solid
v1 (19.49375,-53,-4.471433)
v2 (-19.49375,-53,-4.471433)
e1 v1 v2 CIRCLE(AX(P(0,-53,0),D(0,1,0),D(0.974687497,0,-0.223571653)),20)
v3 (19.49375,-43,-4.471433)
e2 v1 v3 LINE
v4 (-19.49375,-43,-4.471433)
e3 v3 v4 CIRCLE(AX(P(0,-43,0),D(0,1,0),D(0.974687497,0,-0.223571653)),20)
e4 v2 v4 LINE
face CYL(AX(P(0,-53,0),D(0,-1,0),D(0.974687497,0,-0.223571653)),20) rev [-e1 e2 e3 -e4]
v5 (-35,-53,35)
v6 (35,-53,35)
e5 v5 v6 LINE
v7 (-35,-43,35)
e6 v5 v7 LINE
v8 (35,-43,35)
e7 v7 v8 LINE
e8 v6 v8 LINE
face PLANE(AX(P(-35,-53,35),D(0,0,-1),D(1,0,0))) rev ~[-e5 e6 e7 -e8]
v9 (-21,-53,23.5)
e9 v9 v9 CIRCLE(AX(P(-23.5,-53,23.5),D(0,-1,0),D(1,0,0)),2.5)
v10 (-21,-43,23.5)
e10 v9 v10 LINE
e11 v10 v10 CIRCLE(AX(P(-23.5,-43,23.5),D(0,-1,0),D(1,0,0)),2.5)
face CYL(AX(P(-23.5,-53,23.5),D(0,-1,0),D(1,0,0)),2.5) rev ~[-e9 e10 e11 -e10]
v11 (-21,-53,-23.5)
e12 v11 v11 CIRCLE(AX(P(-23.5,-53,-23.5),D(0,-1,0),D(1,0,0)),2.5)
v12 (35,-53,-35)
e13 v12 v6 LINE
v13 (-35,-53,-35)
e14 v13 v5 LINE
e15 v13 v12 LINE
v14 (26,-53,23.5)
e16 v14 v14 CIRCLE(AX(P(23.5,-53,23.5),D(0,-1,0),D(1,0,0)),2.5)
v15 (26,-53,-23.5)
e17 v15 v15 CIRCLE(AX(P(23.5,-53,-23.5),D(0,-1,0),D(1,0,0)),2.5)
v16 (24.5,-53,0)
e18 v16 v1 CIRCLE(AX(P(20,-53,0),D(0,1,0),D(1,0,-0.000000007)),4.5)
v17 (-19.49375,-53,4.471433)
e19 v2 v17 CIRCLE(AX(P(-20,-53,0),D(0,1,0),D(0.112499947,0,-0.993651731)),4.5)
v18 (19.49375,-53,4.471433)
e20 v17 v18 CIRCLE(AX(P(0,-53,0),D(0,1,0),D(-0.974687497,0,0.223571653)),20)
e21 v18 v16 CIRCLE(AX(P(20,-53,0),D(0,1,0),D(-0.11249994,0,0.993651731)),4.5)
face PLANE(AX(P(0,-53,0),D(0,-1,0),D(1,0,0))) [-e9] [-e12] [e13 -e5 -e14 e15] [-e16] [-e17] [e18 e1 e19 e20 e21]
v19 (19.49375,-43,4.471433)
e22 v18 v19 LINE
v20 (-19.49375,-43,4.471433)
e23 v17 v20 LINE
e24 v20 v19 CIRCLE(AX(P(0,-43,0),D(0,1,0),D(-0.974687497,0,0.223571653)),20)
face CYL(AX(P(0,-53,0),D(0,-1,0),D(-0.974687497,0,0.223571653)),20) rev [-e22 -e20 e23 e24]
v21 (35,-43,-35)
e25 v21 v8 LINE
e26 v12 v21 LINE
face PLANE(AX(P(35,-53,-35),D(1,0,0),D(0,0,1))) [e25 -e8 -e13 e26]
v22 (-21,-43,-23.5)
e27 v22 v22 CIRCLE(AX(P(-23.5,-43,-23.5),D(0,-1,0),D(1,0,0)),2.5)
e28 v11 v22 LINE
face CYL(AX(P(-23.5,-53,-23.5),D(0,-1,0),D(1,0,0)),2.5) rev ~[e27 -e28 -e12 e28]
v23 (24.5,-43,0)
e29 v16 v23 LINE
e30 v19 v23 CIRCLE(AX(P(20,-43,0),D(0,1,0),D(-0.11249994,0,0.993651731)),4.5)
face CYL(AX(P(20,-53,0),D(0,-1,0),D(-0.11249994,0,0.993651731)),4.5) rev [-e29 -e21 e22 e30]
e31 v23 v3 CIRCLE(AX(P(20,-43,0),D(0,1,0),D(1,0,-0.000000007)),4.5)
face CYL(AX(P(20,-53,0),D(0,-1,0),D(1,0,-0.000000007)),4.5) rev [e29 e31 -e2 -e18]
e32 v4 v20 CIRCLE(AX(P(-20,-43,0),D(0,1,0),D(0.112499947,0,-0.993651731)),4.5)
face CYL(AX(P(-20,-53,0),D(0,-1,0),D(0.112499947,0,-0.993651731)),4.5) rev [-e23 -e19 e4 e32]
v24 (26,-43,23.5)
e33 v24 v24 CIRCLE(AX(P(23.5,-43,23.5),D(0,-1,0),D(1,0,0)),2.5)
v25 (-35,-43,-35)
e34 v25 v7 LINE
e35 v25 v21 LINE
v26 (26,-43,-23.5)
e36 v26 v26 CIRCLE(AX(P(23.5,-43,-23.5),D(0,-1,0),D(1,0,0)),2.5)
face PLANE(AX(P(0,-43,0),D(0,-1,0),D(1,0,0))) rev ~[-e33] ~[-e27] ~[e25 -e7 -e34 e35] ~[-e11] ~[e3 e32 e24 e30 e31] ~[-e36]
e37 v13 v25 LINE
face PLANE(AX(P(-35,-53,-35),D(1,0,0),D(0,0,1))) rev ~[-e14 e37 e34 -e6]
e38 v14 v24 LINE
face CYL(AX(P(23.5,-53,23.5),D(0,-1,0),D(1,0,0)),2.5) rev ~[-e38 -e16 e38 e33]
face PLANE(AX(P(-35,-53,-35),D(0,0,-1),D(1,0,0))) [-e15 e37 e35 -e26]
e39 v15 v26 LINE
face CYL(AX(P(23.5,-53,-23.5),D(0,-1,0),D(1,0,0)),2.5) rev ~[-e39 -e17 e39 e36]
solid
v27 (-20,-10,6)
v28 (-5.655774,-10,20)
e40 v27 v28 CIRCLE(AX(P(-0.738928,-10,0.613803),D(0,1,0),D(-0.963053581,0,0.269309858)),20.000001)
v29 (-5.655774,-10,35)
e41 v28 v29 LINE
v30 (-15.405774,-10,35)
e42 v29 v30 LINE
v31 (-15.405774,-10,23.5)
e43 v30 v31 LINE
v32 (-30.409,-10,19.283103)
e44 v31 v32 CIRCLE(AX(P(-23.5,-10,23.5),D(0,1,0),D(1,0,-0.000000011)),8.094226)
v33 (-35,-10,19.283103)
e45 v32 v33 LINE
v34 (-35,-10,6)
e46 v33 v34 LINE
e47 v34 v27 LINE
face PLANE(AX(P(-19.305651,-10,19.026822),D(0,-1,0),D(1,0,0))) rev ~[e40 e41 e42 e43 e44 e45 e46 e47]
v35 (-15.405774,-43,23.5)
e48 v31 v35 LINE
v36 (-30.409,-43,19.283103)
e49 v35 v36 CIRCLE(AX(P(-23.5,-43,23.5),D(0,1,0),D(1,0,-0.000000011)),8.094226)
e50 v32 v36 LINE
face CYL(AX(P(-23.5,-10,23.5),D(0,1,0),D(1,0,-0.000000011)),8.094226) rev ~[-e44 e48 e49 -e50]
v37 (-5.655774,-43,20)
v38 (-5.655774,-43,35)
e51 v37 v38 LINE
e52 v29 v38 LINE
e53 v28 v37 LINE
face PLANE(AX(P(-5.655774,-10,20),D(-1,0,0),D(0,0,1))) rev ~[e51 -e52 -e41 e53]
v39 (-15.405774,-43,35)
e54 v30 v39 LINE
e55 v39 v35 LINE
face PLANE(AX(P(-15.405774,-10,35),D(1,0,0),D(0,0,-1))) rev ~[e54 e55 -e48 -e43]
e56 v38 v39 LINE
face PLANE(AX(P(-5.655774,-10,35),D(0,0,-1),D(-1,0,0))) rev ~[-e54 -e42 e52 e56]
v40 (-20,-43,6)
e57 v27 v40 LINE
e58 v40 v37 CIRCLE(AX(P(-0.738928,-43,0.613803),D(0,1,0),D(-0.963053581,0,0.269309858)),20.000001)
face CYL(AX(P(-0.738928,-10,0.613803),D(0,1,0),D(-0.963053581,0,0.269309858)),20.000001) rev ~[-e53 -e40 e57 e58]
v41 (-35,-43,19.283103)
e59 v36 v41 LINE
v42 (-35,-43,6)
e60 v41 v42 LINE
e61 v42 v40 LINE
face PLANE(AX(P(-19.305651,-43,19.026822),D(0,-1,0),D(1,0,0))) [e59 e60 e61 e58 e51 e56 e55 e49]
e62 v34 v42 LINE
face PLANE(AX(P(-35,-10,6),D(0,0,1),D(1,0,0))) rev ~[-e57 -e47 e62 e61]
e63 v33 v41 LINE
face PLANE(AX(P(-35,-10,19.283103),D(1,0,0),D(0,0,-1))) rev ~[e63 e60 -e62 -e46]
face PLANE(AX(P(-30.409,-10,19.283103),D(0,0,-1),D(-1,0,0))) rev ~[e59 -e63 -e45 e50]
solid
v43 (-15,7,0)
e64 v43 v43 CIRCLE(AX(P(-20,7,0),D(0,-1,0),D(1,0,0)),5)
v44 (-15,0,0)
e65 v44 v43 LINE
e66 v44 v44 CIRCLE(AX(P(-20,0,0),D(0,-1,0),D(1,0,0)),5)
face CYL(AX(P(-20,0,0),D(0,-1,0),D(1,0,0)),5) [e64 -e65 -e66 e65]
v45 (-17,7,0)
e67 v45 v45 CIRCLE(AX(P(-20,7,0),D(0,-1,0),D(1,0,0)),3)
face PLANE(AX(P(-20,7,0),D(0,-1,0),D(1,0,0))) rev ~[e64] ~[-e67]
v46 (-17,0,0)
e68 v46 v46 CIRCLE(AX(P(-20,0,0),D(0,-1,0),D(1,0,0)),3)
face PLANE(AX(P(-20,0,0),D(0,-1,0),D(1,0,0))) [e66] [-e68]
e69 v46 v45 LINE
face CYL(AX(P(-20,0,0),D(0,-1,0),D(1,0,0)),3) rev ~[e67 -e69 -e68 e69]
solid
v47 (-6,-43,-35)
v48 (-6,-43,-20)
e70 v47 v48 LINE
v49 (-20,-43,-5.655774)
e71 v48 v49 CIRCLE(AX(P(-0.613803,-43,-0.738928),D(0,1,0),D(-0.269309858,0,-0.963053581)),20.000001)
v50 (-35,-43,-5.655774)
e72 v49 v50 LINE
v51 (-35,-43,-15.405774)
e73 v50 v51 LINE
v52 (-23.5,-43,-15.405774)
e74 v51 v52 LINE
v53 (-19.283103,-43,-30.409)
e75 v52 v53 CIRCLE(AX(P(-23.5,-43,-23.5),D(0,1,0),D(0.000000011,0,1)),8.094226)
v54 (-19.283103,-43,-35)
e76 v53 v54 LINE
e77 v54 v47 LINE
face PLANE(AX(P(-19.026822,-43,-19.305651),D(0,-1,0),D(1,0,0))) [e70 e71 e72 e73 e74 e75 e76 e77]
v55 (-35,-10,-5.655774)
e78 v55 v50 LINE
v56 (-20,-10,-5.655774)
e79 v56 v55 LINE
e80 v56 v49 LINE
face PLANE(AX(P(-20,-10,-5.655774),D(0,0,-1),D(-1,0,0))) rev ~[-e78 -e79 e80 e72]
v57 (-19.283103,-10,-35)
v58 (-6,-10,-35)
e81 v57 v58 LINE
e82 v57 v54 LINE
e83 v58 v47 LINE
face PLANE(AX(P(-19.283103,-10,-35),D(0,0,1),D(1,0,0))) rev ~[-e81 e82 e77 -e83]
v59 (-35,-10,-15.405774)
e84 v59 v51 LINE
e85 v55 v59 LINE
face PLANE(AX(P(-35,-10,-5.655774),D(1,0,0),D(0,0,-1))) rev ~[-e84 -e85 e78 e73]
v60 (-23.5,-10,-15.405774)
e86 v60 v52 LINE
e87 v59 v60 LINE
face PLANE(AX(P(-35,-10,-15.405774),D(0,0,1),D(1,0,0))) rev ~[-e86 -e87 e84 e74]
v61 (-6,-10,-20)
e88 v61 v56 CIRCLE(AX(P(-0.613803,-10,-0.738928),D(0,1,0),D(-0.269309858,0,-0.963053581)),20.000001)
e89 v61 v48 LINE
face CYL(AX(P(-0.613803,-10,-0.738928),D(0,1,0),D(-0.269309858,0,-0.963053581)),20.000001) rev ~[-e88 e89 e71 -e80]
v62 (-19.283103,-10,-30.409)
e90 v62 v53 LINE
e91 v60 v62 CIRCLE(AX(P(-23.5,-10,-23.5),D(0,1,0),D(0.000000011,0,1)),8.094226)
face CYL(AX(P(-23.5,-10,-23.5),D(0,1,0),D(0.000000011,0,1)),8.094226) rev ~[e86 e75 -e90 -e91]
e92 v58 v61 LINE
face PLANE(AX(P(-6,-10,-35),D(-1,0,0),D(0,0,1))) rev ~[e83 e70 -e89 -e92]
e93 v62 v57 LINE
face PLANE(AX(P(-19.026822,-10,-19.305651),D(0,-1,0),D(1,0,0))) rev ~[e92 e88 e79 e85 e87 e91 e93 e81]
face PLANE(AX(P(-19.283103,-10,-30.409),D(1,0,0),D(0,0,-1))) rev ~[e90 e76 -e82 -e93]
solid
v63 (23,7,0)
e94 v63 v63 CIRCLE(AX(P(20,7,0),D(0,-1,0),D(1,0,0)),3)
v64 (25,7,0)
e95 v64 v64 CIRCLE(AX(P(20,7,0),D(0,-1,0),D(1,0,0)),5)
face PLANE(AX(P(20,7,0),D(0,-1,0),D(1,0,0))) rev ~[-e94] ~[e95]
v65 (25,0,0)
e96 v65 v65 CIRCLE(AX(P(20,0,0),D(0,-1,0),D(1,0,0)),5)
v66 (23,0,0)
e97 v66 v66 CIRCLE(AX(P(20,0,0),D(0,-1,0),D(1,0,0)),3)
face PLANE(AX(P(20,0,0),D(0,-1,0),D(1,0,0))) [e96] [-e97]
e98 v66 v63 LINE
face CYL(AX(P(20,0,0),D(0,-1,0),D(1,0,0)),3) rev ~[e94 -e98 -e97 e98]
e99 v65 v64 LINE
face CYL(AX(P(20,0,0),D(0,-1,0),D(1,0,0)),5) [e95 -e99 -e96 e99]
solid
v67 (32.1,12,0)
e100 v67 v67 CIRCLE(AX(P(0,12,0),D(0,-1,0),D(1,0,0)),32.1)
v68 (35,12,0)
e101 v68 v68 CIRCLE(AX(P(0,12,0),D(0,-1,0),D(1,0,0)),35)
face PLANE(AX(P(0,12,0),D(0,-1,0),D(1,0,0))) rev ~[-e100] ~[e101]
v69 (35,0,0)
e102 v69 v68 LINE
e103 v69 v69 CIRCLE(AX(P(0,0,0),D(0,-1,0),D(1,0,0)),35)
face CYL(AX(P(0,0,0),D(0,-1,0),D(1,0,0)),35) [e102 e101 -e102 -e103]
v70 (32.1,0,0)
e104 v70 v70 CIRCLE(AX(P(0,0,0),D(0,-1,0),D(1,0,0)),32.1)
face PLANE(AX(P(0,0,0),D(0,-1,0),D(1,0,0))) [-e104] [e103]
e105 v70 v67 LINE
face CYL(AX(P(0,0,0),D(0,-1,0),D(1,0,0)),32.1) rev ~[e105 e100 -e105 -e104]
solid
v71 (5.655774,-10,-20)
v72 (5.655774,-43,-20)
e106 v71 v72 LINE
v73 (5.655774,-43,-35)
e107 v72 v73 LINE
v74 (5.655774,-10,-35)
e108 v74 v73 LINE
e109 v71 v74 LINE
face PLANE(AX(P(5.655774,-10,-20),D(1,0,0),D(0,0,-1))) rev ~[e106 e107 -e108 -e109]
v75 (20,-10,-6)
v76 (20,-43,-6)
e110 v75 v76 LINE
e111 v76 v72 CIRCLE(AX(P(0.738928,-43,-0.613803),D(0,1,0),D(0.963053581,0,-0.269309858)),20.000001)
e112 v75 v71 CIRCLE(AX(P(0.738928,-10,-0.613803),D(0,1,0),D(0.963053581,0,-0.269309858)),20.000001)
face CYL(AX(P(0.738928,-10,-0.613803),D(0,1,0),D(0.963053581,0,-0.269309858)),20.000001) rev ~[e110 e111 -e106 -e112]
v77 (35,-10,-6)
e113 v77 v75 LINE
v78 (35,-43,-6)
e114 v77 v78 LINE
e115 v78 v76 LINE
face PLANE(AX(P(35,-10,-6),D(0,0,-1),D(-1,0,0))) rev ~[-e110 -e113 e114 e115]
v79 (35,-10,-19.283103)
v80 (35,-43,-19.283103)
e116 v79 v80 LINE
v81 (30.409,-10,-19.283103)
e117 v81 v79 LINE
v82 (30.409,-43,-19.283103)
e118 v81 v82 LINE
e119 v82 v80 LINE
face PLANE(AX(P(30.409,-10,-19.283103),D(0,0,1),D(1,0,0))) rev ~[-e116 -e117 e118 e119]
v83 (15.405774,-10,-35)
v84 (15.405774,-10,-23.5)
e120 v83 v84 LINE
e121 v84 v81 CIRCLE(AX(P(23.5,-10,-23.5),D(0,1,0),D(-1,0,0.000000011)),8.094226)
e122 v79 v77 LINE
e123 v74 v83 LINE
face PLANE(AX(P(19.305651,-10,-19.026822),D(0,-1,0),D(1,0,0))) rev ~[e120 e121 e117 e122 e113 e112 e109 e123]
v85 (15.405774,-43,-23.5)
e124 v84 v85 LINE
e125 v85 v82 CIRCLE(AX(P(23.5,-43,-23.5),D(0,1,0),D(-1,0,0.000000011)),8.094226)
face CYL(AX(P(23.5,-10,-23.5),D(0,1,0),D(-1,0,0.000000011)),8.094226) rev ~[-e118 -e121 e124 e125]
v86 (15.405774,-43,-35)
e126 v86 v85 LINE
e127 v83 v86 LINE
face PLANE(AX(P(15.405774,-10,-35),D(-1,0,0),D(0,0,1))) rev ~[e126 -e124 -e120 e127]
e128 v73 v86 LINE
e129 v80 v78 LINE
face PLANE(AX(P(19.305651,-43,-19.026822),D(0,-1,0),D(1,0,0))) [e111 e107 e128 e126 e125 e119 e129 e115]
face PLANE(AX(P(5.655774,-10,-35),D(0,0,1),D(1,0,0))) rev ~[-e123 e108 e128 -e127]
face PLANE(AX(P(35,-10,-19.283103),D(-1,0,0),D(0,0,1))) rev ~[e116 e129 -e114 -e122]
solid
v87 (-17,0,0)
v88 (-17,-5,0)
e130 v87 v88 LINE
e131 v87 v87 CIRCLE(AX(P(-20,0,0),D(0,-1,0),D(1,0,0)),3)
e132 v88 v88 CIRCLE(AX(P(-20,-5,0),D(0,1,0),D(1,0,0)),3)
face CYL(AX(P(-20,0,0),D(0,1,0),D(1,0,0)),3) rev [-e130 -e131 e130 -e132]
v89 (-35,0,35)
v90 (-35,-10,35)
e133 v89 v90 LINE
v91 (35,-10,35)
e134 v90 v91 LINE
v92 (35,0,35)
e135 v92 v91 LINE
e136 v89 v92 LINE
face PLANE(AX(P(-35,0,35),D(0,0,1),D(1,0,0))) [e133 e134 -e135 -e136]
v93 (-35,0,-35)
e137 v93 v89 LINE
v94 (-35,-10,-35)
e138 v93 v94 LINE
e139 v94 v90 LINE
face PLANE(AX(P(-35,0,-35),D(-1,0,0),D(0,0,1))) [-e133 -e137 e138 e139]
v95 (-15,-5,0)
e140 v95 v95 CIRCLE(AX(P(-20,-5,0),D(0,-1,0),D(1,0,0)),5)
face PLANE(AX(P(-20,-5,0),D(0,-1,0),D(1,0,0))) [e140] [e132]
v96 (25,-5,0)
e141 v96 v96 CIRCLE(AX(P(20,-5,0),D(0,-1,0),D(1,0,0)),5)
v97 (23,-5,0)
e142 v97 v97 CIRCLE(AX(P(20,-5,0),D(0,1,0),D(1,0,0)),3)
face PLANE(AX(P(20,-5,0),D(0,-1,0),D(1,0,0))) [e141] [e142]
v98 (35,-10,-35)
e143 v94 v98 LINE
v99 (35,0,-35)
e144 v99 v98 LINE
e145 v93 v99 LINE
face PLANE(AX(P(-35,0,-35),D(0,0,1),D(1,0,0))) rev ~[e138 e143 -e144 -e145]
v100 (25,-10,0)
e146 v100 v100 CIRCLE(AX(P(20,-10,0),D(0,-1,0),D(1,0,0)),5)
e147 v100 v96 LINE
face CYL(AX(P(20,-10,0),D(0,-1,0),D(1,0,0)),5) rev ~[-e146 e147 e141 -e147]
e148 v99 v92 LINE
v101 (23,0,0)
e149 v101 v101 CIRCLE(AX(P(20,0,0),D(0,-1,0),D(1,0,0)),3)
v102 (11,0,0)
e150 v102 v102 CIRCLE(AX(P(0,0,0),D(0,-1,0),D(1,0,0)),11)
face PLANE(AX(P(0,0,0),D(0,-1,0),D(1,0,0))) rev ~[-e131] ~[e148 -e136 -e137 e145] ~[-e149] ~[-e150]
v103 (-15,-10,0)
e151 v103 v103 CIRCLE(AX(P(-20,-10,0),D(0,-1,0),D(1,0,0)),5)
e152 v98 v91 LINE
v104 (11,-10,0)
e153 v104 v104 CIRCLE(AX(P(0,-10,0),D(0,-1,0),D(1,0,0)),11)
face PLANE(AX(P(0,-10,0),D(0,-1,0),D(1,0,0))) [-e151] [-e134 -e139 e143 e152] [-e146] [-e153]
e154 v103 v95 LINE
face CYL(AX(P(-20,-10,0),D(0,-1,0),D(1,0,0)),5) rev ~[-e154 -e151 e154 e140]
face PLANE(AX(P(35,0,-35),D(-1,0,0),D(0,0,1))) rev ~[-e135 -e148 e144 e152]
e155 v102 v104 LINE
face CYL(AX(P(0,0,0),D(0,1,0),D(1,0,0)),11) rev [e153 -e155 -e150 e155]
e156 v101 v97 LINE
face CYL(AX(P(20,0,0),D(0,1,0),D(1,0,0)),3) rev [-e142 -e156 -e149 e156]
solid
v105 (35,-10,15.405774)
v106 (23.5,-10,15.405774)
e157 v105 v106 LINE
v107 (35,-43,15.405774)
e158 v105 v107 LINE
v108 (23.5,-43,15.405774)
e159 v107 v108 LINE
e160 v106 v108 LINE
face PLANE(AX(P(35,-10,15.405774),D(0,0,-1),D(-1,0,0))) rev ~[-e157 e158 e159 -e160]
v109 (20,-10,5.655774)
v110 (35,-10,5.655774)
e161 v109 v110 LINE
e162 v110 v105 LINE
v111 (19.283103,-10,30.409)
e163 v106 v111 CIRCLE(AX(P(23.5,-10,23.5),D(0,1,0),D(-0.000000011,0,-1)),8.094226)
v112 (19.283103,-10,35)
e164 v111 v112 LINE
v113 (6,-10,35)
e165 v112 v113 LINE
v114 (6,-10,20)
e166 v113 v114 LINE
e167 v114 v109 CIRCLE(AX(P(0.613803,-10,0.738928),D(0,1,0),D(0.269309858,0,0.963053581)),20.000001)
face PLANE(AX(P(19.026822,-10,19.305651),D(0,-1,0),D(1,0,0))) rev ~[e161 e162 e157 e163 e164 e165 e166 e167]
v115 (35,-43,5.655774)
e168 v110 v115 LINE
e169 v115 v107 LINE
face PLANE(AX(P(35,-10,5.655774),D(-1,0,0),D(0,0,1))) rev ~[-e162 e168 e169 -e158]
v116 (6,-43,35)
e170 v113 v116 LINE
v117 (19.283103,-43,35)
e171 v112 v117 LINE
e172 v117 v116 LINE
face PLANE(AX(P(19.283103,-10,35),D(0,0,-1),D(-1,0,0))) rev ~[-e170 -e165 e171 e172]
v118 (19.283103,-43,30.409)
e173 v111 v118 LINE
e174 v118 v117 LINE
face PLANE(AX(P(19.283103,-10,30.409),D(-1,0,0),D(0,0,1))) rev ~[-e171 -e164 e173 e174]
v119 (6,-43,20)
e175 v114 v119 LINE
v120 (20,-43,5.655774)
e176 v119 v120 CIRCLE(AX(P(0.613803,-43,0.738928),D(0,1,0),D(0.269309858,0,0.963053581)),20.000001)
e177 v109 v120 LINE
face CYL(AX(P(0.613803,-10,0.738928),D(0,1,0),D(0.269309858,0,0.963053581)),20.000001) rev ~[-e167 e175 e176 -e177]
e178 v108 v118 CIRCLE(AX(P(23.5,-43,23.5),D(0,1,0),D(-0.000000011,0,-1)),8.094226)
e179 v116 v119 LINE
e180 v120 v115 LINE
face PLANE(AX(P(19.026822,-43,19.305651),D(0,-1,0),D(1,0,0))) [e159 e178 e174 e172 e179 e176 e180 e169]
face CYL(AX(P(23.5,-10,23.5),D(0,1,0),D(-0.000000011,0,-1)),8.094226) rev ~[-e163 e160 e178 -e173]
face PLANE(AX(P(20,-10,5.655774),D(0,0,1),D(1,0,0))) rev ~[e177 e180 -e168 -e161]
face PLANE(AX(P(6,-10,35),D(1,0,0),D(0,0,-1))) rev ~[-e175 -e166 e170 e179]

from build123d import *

# Parameters (mm, degrees)
F0_R      = 5
F0_R_2    = 3
F1_DEPTH  = 7
F2_R      = 35
F2_R_2    = 32.1
F3_DEPTH  = 12
F4_W      = 70
F4_H      = 70
F4_R      = 3
F4_R_2    = 11
F5_DEPTH  = 10
F7_R      = 5
F8_DEPTH  = 5
F10_W     = 70
F10_H     = 70
F10_R     = 2.5
F11_DEPTH = 10
F13_DEPTH = 33


with BuildPart() as f1:
    # F0 (on Front) → F1 (new body)
    with BuildSketch(Plane.XZ):
        with Locations((-20, 0)):
            Circle(F0_R)
        with Locations((-20, 0)):
            Circle(F0_R_2, mode=Mode.SUBTRACT)
        with Locations((20, 0)):
            Circle(F0_R)
        with Locations((20, 0)):
            Circle(F0_R_2, mode=Mode.SUBTRACT)
    extrude(amount=-F1_DEPTH)


with BuildPart() as f3:
    # F2 (on Front) → F3 (new body)
    with BuildSketch(Plane.XZ):
        Circle(F2_R)
        Circle(F2_R_2, mode=Mode.SUBTRACT)
    extrude(amount=-F3_DEPTH)


with BuildPart() as f5:
    # F4 (on Front) → F5 (new body)
    with BuildSketch(Plane.XZ):
        Rectangle(F4_W, F4_H)
        with Locations((-20, 0)):
            Circle(F4_R, mode=Mode.SUBTRACT)
        Circle(F4_R_2, mode=Mode.SUBTRACT)
        with Locations((20, 0)):
            Circle(F4_R, mode=Mode.SUBTRACT)
    extrude(amount=F5_DEPTH)

    # F7 (on offset) → F8 (cut)
    with BuildSketch(Plane.XZ.offset(10)):
        with Locations((-20, 0)):
            Circle(F7_R)
        with Locations((20, 0)):
            Circle(F7_R)
    extrude(amount=-F8_DEPTH, mode=Mode.SUBTRACT)


with BuildPart() as f11:
    # F10 (on offset) → F11 (new body)
    with BuildSketch(Plane.XZ.offset(53)):
        Rectangle(F10_W, F10_H)
        with Locations((-23.5, -23.5)):
            Circle(F10_R, mode=Mode.SUBTRACT)
        with Locations((23.5, -23.5)):
            Circle(F10_R, mode=Mode.SUBTRACT)
        with Locations((-23.5, 23.5)):
            Circle(F10_R, mode=Mode.SUBTRACT)
        with BuildLine():
            ThreePointArc((-19.49375, 4.471433), (0, 20), (19.49375, 4.471433))
            ThreePointArc((19.49375, 4.471433), (22.997655, 3.356198), (24.5, 0))
            ThreePointArc((24.5, 0), (22.997655, -3.356198), (19.49375, -4.471433))
            ThreePointArc((19.49375, -4.471433), (0, -20), (-19.49375, -4.471433))
            ThreePointArc((-19.49375, -4.471433), (-24.5, 0), (-19.49375, 4.471433))
        make_face(mode=Mode.SUBTRACT)
        with Locations((23.5, 23.5)):
            Circle(F10_R, mode=Mode.SUBTRACT)
    extrude(amount=-F11_DEPTH)


with BuildPart() as f13:
    # F12 (on offset) → F13 (new body)
    with BuildSketch(Plane.XZ.offset(10)):
        with BuildLine():
            Line((-35, 19.283103), (-35, 6))
            Line((-35, 6), (-20, 6))
            ThreePointArc((-20, 6), (-14.708285, 14.926632), (-5.655774, 20))
            Line((-5.655774, 20), (-5.655774, 35))
            Line((-5.655774, 35), (-15.405774, 35))
            Line((-15.405774, 35), (-15.405774, 23.5))
            ThreePointArc((-15.405774, 23.5), (-21.309853, 15.707712), (-30.409, 19.283103))
            Line((-30.409, 19.283103), (-35, 19.283103))
        make_face()
        with BuildLine():
            Line((-20, -5.655774), (-35, -5.655774))
            Line((-35, -5.655774), (-35, -15.405774))
            Line((-35, -15.405774), (-23.5, -15.405774))
            ThreePointArc((-23.5, -15.405774), (-15.707712, -21.309853), (-19.283103, -30.409))
            Line((-19.283103, -30.409), (-19.283103, -35))
            Line((-19.283103, -35), (-6, -35))
            Line((-6, -35), (-6, -20))
            ThreePointArc((-6, -20), (-14.926632, -14.708285), (-20, -5.655774))
        make_face()
        with BuildLine():
            Line((5.655774, -20), (5.655774, -35))
            Line((5.655774, -35), (15.405774, -35))
            Line((15.405774, -35), (15.405774, -23.5))
            ThreePointArc((15.405774, -23.5), (21.309853, -15.707712), (30.409, -19.283103))
            Line((30.409, -19.283103), (35, -19.283103))
            Line((35, -19.283103), (35, -6))
            Line((35, -6), (20, -6))
            ThreePointArc((20, -6), (14.708285, -14.926632), (5.655774, -20))
        make_face()
        with BuildLine():
            Line((20, 5.655774), (35, 5.655774))
            Line((35, 5.655774), (35, 15.405774))
            Line((35, 15.405774), (23.5, 15.405774))
            ThreePointArc((23.5, 15.405774), (15.707712, 21.309853), (19.283103, 30.409))
            Line((19.283103, 30.409), (19.283103, 35))
            Line((19.283103, 35), (6, 35))
            Line((6, 35), (6, 20))
            ThreePointArc((6, 20), (14.926632, 14.708285), (20, 5.655774))
        make_face()
    extrude(amount=F13_DEPTH)


solid = Compound([f1.part, f3.part, f5.part, f11.part, f13.part])
